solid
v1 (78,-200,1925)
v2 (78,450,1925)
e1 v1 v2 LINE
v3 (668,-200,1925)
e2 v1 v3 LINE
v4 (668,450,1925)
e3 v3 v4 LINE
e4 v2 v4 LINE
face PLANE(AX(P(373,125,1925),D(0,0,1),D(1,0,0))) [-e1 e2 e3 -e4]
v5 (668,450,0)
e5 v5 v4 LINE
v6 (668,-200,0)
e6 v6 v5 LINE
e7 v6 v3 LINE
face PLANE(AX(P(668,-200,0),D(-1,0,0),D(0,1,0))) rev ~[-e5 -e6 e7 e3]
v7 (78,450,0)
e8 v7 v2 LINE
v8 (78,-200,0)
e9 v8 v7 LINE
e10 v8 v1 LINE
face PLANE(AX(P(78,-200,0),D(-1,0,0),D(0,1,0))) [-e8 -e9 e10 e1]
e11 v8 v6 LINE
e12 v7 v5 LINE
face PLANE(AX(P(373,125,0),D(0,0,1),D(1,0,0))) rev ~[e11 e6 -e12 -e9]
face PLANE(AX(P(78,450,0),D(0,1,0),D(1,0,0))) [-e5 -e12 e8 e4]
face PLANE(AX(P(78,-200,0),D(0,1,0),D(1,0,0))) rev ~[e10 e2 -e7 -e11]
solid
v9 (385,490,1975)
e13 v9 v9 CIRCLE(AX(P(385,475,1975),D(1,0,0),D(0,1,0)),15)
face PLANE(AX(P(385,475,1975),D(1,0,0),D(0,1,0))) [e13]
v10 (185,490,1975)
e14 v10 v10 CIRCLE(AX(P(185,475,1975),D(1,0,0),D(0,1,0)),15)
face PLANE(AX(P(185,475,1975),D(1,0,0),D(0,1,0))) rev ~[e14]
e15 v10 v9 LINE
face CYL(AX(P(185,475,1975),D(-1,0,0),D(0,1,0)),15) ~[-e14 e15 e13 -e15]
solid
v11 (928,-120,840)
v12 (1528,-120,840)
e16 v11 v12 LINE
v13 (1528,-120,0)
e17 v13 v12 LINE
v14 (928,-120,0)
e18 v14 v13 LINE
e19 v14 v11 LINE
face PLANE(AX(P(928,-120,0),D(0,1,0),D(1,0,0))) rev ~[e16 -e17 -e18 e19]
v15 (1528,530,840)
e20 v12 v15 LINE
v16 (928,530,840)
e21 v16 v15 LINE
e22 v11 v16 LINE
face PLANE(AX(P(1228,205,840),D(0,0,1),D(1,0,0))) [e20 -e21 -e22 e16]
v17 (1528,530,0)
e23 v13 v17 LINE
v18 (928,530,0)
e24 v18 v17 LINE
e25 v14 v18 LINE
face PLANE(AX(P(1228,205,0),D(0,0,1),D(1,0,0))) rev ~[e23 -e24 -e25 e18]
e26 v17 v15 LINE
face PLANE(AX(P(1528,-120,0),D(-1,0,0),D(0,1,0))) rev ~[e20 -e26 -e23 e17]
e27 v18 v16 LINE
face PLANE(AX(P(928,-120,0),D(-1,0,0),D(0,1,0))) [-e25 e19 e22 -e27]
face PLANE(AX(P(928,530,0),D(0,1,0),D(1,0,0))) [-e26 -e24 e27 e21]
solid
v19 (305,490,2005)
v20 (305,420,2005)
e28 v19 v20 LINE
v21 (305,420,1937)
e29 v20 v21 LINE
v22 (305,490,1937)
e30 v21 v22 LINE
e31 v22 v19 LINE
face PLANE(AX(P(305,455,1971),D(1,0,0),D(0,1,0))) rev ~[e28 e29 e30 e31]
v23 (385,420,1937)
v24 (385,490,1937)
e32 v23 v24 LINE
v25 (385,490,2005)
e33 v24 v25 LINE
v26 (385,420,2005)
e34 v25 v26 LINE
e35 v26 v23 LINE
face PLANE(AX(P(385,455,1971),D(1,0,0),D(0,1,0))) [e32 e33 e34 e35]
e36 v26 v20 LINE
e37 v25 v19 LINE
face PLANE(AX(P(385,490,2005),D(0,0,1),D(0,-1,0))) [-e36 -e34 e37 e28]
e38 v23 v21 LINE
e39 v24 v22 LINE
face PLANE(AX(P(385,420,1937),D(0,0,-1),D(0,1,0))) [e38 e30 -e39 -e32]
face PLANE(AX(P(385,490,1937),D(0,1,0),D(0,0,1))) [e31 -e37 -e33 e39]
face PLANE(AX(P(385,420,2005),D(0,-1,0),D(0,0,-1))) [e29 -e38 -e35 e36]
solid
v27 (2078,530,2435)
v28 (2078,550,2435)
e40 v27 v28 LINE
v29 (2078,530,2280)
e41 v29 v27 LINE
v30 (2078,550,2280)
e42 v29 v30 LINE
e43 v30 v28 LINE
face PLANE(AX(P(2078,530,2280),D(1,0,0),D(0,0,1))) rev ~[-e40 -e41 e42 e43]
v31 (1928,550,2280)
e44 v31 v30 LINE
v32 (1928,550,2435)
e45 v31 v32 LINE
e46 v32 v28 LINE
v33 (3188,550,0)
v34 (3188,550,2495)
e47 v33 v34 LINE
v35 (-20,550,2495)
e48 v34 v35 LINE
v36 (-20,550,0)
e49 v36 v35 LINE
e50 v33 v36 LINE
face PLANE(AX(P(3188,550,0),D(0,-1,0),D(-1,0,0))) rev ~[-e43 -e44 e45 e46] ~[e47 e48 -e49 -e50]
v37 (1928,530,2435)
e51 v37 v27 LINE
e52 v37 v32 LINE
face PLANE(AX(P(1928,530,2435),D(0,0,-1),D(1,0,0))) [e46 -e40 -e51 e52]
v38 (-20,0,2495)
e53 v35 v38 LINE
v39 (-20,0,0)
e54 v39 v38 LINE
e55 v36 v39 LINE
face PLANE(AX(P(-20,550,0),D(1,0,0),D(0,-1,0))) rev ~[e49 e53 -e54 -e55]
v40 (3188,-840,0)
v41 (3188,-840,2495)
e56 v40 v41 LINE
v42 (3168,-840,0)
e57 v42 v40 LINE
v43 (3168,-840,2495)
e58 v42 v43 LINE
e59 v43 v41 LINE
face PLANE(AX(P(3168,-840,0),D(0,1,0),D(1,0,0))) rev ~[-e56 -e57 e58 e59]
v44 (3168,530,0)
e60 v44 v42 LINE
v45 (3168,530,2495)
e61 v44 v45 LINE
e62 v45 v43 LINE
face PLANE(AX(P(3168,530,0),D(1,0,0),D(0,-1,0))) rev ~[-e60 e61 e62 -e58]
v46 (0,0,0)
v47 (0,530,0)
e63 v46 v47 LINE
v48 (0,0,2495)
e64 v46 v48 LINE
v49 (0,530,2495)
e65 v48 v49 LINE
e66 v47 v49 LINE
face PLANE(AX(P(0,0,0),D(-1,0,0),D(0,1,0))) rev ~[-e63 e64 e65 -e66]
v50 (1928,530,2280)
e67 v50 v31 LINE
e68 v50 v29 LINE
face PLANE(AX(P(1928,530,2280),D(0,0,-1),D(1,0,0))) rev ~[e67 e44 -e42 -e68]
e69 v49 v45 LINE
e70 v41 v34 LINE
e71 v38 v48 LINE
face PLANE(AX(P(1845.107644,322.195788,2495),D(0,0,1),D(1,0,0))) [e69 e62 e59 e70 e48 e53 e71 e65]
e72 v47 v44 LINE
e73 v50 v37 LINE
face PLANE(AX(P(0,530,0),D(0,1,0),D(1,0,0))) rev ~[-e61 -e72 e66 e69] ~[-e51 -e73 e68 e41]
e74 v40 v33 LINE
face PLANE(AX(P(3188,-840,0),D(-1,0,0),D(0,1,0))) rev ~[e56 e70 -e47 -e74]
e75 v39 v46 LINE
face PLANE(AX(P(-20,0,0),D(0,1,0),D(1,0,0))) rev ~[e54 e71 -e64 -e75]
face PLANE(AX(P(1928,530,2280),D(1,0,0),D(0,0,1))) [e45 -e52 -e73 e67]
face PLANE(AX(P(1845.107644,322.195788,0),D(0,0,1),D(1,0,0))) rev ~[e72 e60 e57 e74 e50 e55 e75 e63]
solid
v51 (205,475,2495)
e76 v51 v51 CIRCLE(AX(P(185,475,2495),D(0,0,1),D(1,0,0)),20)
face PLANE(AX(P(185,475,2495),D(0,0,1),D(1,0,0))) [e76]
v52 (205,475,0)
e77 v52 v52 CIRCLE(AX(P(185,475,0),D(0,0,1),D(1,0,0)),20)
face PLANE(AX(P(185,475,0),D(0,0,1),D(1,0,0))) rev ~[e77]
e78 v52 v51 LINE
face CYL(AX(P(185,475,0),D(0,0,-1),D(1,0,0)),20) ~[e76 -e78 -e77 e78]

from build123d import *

# Parameters (mm, degrees)
F1_DEPTH  = 2495
F2_W      = 150
F2_H      = 155
F3_DEPTH  = 25
F4_W      = 590
F4_H      = 650
F5_DEPTH  = 1925
F6_W      = 600
F6_H      = 650
F7_DEPTH  = 840
F8_R      = 20
F9_DEPTH  = 2495
F12_DEPTH = 200
F14_DEPTH = 80


with BuildPart() as f1:
    # F0 (on Top) → F1 (new body)
    with BuildSketch(Plane.XY):
        Polygon((0, 0), (0, 530), (3168, 530), (3168, -840), (3188, -840), (3188, 550), (-20, 550), (-20, 0), align=None)
    extrude(amount=F1_DEPTH)

    # F2 (on face) → F3 (cut)
    with BuildSketch(Plane.XZ.offset(-530)):
        with Locations((2003, 2357.5)):
            Rectangle(F2_W, F2_H)
    extrude(amount=-F3_DEPTH, mode=Mode.SUBTRACT)


with BuildPart() as f5:
    # F4 (on Top) → F5 (new body)
    with BuildSketch(Plane.XY):
        with Locations((373, 125)):
            Rectangle(F4_W, F4_H)
    extrude(amount=F5_DEPTH)


with BuildPart() as f7:
    # F6 (on Top) → F7 (new body)
    with BuildSketch(Plane.XY):
        with Locations((1228, 205)):
            Rectangle(F6_W, F6_H)
    extrude(amount=F7_DEPTH)


with BuildPart() as f9:
    # F8 (on Top) → F9 (new body, through all)
    with BuildSketch(Plane.XY):
        with Locations((185, 475)):
            Circle(F8_R)
    extrude(amount=F9_DEPTH)


with BuildPart() as f12:
    # F11 (on offset) → F12 (new body)
    with BuildSketch(Plane.YZ.offset(185)):
        with BuildLine():
            ThreePointArc((475, 1990), (464.3933982822, 1964.3933982822), (490, 1975))
            ThreePointArc((490, 1975), (485.6066017178, 1985.6066017178), (475, 1990))
        make_face()
    extrude(amount=F12_DEPTH)


with BuildPart() as f14:
    # F13 (on face) → F14 (new body)
    with BuildSketch(Plane.YZ.offset(385)):
        Polygon((420, 1937), (490, 1937), (490, 2005), (420, 2005), (420, 1971), align=None)
    extrude(amount=-F14_DEPTH)


solid = Compound([f1.part, f5.part, f7.part, f9.part, f12.part, f14.part])
